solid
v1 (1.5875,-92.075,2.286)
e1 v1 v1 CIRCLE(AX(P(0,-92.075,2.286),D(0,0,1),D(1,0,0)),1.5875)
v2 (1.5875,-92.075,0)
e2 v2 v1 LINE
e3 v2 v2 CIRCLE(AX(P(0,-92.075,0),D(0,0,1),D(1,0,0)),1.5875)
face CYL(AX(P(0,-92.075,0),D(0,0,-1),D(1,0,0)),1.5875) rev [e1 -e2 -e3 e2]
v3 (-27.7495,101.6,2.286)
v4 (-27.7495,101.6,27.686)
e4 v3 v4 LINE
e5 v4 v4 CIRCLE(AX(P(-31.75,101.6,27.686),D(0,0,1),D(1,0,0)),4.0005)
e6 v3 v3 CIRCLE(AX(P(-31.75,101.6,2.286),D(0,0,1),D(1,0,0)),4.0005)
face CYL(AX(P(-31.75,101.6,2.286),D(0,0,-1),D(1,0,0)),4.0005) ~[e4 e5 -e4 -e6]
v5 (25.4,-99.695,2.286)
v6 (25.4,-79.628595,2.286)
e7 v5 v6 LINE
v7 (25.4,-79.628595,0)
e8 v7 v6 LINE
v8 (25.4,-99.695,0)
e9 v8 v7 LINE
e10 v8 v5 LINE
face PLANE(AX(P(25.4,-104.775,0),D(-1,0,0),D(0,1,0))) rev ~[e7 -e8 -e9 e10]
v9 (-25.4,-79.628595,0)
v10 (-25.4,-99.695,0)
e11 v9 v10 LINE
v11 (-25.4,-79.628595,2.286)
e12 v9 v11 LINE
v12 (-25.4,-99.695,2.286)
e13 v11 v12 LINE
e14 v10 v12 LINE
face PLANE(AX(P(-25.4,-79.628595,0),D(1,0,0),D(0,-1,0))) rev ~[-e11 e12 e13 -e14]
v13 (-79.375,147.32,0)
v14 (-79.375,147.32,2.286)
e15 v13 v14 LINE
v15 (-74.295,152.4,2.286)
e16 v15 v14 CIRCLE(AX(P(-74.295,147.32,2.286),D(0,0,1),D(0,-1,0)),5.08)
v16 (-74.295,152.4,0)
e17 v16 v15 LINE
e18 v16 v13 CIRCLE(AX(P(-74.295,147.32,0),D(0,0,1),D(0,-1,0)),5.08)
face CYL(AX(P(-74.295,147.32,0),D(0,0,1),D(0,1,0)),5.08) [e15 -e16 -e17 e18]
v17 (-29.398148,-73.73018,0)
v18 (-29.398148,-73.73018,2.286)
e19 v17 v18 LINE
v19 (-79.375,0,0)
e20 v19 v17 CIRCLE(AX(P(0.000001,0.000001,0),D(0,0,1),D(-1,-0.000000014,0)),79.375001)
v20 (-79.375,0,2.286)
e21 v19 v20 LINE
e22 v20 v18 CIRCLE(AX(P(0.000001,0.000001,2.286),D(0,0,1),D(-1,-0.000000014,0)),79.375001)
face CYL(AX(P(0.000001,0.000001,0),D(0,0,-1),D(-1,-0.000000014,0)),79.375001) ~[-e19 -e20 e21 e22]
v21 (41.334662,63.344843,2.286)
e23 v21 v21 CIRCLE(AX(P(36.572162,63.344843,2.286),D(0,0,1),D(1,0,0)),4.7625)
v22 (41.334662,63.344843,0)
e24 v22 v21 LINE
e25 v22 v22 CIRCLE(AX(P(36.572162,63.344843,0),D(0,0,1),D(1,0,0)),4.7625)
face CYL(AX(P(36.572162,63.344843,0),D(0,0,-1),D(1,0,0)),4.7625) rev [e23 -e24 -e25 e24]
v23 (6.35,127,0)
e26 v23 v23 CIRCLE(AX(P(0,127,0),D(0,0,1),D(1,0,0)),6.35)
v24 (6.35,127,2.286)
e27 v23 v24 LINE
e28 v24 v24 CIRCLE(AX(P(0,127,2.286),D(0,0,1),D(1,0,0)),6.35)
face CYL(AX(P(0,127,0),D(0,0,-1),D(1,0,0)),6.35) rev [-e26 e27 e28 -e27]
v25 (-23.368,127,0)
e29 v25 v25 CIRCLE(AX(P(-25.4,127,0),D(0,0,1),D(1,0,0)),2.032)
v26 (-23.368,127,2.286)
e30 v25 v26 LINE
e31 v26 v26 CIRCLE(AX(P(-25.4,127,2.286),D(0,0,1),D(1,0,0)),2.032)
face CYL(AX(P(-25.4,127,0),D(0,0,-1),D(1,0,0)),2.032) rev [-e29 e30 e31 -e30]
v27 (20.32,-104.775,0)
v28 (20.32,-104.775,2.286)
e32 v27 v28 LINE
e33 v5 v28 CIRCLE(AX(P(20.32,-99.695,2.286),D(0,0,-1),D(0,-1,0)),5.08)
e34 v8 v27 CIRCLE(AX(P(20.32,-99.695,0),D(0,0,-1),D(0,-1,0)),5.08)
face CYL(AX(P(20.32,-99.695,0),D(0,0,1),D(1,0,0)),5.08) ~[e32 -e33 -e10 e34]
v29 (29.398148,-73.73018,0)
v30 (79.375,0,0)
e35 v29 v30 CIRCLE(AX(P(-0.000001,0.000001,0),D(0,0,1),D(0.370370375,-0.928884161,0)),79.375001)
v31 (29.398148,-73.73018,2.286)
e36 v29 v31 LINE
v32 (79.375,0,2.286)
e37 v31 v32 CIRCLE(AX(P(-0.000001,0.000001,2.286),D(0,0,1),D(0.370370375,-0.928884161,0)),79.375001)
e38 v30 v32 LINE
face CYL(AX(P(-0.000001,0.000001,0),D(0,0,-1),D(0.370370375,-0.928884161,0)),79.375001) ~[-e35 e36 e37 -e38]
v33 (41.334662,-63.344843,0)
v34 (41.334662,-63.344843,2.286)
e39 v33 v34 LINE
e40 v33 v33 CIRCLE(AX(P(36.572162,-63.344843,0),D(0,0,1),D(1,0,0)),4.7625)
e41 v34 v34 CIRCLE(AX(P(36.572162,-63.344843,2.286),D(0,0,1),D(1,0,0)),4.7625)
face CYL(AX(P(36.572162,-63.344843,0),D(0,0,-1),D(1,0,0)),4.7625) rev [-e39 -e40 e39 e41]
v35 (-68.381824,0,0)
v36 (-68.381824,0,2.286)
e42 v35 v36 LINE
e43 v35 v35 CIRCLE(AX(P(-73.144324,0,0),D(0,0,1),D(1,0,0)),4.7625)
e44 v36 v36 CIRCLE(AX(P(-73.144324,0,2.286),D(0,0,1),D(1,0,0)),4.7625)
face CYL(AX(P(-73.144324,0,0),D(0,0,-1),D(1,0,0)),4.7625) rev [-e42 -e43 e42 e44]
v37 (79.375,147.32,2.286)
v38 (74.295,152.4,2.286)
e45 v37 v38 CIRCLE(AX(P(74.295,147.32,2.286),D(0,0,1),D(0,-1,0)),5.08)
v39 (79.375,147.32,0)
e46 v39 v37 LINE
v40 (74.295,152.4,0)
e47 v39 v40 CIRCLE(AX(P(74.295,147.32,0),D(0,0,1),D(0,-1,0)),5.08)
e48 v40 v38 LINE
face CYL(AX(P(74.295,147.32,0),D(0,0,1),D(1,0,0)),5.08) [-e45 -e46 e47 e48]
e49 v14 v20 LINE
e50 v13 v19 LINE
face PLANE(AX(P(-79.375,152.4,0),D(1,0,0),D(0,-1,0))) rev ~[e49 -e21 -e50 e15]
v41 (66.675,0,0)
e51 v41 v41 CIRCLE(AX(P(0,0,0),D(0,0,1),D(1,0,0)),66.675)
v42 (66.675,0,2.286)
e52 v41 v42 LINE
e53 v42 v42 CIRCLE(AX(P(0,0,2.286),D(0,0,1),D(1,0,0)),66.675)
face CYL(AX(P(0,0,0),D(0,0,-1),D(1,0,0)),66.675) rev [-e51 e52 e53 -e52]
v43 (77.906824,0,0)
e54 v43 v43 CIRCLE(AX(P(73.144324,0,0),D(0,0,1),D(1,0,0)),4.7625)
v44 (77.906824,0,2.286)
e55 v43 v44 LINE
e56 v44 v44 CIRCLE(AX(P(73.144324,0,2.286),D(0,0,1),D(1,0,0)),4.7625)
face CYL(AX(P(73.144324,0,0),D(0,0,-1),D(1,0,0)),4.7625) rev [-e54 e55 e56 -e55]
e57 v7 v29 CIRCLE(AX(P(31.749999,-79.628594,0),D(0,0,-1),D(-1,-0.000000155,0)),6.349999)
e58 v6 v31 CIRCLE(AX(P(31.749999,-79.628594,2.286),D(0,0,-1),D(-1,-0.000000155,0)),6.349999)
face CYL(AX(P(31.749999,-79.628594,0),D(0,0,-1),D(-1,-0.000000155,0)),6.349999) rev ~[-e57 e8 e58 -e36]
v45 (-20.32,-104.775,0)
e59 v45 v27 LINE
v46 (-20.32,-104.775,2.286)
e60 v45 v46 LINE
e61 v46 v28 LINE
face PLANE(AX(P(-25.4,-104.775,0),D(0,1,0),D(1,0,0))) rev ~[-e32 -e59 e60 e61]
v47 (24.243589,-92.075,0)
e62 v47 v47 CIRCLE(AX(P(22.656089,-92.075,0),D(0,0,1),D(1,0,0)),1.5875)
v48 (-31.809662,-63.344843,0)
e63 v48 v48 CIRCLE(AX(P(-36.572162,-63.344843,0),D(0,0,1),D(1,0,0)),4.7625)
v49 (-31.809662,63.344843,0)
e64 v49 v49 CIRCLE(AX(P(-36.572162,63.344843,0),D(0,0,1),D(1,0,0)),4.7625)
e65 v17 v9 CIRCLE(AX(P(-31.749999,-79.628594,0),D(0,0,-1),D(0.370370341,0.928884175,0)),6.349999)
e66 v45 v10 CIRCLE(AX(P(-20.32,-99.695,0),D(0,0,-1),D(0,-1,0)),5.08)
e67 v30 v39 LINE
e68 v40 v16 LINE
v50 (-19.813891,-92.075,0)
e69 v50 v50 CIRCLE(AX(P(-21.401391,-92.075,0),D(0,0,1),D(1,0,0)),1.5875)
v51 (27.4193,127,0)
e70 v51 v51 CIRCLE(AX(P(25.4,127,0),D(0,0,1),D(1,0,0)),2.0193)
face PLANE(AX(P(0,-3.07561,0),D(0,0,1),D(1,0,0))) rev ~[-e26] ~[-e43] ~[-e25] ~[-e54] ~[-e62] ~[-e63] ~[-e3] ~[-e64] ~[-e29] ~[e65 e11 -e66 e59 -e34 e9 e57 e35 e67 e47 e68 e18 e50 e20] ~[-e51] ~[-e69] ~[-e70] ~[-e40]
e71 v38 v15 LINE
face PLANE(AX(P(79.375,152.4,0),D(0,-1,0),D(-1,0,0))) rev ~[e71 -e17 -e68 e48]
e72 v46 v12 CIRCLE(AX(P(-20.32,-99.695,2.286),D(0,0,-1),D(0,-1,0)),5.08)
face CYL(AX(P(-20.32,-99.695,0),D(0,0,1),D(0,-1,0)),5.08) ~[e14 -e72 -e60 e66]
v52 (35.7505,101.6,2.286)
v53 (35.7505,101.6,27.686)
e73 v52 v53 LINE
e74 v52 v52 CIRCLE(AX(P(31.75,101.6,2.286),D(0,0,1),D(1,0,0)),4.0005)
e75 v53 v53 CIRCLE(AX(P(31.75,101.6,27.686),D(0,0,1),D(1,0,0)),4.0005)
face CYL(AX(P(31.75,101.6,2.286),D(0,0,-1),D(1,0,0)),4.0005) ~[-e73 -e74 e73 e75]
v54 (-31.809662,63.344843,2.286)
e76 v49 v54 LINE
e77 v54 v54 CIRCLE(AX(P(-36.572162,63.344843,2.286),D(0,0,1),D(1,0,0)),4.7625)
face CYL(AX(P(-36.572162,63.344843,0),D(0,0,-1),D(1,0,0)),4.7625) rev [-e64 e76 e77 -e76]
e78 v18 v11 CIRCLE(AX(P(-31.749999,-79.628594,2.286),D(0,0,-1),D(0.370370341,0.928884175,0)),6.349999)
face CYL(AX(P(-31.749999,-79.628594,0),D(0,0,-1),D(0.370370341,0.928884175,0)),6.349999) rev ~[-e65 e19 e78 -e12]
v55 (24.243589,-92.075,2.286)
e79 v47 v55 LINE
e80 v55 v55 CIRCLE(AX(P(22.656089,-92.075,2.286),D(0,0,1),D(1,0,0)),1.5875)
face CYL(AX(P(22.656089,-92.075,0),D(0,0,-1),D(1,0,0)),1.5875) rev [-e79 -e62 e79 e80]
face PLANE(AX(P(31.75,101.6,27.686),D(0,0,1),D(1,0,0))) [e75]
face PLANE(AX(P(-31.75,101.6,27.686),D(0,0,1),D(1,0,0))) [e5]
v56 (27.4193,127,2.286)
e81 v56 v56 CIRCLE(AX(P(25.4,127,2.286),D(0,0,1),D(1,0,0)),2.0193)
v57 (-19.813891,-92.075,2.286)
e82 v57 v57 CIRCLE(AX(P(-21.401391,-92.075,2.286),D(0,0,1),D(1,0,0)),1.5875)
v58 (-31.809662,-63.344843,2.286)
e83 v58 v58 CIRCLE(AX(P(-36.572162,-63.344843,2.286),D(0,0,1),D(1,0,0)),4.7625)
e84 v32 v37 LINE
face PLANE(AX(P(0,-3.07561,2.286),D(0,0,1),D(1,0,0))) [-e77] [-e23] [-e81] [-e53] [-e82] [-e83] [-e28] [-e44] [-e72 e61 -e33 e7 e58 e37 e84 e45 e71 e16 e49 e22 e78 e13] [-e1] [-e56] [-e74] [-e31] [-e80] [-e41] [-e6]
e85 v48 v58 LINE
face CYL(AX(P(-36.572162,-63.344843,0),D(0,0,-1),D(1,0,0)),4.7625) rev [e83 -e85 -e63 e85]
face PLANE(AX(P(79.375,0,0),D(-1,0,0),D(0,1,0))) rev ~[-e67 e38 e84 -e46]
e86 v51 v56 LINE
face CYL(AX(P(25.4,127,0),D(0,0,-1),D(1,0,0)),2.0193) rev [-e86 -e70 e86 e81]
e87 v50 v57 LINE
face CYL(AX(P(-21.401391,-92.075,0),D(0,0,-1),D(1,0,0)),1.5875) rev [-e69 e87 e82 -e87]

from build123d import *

# Parameters (mm, degrees)
F0_R     = 4.7625
F0_R_2   = 66.675
F0_R_3   = 2.032
F0_R_4   = 6.35
F0_R_5   = 2.0193
F0_R_6   = 1.5875
F1_DEPTH = 2.286
F2_R     = 5.08
F3_R     = 5.08
F4_R     = 4.0005
F5_DEPTH = 25.4


with BuildPart() as f1:
    # F0 (on Top) → F1 (new body)
    with BuildSketch(Plane.XY):
        with BuildLine():
            ThreePointArc((79.375, 0), (0, 79.375), (-79.375, 0))
            ThreePointArc((-79.375, 0), (-65.703381, -44.536011), (-29.398148, -73.73018))
            ThreePointArc((-29.398148, -73.73018), (0, -79.375), (29.398148, -73.73018))
            ThreePointArc((29.398148, -73.73018), (65.703381, -44.536011), (79.375, 0))
        make_face()
        with Locations((-36.572162, -63.344843)):
            Circle(F0_R, mode=Mode.SUBTRACT)
        with Locations((-73.144324, 0)):
            Circle(F0_R, mode=Mode.SUBTRACT)
        with Locations((36.572162, -63.344843)):
            Circle(F0_R, mode=Mode.SUBTRACT)
        Circle(F0_R_2, mode=Mode.SUBTRACT)
        with Locations((73.144324, 0)):
            Circle(F0_R, mode=Mode.SUBTRACT)
        with Locations((-36.572162, 63.344843)):
            Circle(F0_R, mode=Mode.SUBTRACT)
        with Locations((36.572162, 63.344843)):
            Circle(F0_R, mode=Mode.SUBTRACT)
        with BuildLine():
            Line((-79.375, 152.4), (-79.375, 0))
            ThreePointArc((-79.375, 0), (0, 79.375), (79.375, 0))
            Line((79.375, 0), (79.375, 152.4))
            Line((79.375, 152.4), (-79.375, 152.4))
        make_face()
        with Locations((-25.4, 127)):
            Circle(F0_R_3, mode=Mode.SUBTRACT)
        with Locations((0, 127)):
            Circle(F0_R_4, mode=Mode.SUBTRACT)
        with Locations((25.4, 127)):
            Circle(F0_R_5, mode=Mode.SUBTRACT)
        with BuildLine():
            ThreePointArc((29.398148, -73.73018), (0, -79.375), (-29.398148, -73.73018))
            ThreePointArc((-29.398148, -73.73018), (-26.493729, -76.065714), (-25.4, -79.628595))
            Line((-25.4, -79.628595), (-25.4, -104.775))
            Line((-25.4, -104.775), (0, -104.775))
            Line((0, -104.775), (25.4, -104.775))
            Line((25.4, -104.775), (25.4, -79.628595))
            ThreePointArc((25.4, -79.628595), (26.493729, -76.065714), (29.398148, -73.73018))
        make_face()
        with Locations((-21.401391, -92.075)):
            Circle(F0_R_6, mode=Mode.SUBTRACT)
        with Locations((0, -92.075)):
            Circle(F0_R_6, mode=Mode.SUBTRACT)
        with Locations((22.656089, -92.075)):
            Circle(F0_R_6, mode=Mode.SUBTRACT)
    extrude(amount=F1_DEPTH)

    # F2
    f2_edges = [f1.edges().sort_by_distance(p)[0] for p in [
        (-79.375, 152.4, 1.143),
        (79.375, 152.4, 1.143),
    ]]
    fillet(f2_edges, radius=F2_R)

    # F3
    f3_edges = [f1.edges().sort_by_distance(p)[0] for p in [
        (25.4, -104.775, 1.143),
        (-25.4, -104.775, 1.143),
    ]]
    fillet(f3_edges, radius=F3_R)

    # F4 (on face) → F5 (join)
    with BuildSketch(Plane.XY.offset(2.286)):
        with Locations((-31.75, 101.6)):
            Circle(F4_R)
        with Locations((31.75, 101.6)):
            Circle(F4_R)
    extrude(amount=F5_DEPTH)


solid = f1.part
